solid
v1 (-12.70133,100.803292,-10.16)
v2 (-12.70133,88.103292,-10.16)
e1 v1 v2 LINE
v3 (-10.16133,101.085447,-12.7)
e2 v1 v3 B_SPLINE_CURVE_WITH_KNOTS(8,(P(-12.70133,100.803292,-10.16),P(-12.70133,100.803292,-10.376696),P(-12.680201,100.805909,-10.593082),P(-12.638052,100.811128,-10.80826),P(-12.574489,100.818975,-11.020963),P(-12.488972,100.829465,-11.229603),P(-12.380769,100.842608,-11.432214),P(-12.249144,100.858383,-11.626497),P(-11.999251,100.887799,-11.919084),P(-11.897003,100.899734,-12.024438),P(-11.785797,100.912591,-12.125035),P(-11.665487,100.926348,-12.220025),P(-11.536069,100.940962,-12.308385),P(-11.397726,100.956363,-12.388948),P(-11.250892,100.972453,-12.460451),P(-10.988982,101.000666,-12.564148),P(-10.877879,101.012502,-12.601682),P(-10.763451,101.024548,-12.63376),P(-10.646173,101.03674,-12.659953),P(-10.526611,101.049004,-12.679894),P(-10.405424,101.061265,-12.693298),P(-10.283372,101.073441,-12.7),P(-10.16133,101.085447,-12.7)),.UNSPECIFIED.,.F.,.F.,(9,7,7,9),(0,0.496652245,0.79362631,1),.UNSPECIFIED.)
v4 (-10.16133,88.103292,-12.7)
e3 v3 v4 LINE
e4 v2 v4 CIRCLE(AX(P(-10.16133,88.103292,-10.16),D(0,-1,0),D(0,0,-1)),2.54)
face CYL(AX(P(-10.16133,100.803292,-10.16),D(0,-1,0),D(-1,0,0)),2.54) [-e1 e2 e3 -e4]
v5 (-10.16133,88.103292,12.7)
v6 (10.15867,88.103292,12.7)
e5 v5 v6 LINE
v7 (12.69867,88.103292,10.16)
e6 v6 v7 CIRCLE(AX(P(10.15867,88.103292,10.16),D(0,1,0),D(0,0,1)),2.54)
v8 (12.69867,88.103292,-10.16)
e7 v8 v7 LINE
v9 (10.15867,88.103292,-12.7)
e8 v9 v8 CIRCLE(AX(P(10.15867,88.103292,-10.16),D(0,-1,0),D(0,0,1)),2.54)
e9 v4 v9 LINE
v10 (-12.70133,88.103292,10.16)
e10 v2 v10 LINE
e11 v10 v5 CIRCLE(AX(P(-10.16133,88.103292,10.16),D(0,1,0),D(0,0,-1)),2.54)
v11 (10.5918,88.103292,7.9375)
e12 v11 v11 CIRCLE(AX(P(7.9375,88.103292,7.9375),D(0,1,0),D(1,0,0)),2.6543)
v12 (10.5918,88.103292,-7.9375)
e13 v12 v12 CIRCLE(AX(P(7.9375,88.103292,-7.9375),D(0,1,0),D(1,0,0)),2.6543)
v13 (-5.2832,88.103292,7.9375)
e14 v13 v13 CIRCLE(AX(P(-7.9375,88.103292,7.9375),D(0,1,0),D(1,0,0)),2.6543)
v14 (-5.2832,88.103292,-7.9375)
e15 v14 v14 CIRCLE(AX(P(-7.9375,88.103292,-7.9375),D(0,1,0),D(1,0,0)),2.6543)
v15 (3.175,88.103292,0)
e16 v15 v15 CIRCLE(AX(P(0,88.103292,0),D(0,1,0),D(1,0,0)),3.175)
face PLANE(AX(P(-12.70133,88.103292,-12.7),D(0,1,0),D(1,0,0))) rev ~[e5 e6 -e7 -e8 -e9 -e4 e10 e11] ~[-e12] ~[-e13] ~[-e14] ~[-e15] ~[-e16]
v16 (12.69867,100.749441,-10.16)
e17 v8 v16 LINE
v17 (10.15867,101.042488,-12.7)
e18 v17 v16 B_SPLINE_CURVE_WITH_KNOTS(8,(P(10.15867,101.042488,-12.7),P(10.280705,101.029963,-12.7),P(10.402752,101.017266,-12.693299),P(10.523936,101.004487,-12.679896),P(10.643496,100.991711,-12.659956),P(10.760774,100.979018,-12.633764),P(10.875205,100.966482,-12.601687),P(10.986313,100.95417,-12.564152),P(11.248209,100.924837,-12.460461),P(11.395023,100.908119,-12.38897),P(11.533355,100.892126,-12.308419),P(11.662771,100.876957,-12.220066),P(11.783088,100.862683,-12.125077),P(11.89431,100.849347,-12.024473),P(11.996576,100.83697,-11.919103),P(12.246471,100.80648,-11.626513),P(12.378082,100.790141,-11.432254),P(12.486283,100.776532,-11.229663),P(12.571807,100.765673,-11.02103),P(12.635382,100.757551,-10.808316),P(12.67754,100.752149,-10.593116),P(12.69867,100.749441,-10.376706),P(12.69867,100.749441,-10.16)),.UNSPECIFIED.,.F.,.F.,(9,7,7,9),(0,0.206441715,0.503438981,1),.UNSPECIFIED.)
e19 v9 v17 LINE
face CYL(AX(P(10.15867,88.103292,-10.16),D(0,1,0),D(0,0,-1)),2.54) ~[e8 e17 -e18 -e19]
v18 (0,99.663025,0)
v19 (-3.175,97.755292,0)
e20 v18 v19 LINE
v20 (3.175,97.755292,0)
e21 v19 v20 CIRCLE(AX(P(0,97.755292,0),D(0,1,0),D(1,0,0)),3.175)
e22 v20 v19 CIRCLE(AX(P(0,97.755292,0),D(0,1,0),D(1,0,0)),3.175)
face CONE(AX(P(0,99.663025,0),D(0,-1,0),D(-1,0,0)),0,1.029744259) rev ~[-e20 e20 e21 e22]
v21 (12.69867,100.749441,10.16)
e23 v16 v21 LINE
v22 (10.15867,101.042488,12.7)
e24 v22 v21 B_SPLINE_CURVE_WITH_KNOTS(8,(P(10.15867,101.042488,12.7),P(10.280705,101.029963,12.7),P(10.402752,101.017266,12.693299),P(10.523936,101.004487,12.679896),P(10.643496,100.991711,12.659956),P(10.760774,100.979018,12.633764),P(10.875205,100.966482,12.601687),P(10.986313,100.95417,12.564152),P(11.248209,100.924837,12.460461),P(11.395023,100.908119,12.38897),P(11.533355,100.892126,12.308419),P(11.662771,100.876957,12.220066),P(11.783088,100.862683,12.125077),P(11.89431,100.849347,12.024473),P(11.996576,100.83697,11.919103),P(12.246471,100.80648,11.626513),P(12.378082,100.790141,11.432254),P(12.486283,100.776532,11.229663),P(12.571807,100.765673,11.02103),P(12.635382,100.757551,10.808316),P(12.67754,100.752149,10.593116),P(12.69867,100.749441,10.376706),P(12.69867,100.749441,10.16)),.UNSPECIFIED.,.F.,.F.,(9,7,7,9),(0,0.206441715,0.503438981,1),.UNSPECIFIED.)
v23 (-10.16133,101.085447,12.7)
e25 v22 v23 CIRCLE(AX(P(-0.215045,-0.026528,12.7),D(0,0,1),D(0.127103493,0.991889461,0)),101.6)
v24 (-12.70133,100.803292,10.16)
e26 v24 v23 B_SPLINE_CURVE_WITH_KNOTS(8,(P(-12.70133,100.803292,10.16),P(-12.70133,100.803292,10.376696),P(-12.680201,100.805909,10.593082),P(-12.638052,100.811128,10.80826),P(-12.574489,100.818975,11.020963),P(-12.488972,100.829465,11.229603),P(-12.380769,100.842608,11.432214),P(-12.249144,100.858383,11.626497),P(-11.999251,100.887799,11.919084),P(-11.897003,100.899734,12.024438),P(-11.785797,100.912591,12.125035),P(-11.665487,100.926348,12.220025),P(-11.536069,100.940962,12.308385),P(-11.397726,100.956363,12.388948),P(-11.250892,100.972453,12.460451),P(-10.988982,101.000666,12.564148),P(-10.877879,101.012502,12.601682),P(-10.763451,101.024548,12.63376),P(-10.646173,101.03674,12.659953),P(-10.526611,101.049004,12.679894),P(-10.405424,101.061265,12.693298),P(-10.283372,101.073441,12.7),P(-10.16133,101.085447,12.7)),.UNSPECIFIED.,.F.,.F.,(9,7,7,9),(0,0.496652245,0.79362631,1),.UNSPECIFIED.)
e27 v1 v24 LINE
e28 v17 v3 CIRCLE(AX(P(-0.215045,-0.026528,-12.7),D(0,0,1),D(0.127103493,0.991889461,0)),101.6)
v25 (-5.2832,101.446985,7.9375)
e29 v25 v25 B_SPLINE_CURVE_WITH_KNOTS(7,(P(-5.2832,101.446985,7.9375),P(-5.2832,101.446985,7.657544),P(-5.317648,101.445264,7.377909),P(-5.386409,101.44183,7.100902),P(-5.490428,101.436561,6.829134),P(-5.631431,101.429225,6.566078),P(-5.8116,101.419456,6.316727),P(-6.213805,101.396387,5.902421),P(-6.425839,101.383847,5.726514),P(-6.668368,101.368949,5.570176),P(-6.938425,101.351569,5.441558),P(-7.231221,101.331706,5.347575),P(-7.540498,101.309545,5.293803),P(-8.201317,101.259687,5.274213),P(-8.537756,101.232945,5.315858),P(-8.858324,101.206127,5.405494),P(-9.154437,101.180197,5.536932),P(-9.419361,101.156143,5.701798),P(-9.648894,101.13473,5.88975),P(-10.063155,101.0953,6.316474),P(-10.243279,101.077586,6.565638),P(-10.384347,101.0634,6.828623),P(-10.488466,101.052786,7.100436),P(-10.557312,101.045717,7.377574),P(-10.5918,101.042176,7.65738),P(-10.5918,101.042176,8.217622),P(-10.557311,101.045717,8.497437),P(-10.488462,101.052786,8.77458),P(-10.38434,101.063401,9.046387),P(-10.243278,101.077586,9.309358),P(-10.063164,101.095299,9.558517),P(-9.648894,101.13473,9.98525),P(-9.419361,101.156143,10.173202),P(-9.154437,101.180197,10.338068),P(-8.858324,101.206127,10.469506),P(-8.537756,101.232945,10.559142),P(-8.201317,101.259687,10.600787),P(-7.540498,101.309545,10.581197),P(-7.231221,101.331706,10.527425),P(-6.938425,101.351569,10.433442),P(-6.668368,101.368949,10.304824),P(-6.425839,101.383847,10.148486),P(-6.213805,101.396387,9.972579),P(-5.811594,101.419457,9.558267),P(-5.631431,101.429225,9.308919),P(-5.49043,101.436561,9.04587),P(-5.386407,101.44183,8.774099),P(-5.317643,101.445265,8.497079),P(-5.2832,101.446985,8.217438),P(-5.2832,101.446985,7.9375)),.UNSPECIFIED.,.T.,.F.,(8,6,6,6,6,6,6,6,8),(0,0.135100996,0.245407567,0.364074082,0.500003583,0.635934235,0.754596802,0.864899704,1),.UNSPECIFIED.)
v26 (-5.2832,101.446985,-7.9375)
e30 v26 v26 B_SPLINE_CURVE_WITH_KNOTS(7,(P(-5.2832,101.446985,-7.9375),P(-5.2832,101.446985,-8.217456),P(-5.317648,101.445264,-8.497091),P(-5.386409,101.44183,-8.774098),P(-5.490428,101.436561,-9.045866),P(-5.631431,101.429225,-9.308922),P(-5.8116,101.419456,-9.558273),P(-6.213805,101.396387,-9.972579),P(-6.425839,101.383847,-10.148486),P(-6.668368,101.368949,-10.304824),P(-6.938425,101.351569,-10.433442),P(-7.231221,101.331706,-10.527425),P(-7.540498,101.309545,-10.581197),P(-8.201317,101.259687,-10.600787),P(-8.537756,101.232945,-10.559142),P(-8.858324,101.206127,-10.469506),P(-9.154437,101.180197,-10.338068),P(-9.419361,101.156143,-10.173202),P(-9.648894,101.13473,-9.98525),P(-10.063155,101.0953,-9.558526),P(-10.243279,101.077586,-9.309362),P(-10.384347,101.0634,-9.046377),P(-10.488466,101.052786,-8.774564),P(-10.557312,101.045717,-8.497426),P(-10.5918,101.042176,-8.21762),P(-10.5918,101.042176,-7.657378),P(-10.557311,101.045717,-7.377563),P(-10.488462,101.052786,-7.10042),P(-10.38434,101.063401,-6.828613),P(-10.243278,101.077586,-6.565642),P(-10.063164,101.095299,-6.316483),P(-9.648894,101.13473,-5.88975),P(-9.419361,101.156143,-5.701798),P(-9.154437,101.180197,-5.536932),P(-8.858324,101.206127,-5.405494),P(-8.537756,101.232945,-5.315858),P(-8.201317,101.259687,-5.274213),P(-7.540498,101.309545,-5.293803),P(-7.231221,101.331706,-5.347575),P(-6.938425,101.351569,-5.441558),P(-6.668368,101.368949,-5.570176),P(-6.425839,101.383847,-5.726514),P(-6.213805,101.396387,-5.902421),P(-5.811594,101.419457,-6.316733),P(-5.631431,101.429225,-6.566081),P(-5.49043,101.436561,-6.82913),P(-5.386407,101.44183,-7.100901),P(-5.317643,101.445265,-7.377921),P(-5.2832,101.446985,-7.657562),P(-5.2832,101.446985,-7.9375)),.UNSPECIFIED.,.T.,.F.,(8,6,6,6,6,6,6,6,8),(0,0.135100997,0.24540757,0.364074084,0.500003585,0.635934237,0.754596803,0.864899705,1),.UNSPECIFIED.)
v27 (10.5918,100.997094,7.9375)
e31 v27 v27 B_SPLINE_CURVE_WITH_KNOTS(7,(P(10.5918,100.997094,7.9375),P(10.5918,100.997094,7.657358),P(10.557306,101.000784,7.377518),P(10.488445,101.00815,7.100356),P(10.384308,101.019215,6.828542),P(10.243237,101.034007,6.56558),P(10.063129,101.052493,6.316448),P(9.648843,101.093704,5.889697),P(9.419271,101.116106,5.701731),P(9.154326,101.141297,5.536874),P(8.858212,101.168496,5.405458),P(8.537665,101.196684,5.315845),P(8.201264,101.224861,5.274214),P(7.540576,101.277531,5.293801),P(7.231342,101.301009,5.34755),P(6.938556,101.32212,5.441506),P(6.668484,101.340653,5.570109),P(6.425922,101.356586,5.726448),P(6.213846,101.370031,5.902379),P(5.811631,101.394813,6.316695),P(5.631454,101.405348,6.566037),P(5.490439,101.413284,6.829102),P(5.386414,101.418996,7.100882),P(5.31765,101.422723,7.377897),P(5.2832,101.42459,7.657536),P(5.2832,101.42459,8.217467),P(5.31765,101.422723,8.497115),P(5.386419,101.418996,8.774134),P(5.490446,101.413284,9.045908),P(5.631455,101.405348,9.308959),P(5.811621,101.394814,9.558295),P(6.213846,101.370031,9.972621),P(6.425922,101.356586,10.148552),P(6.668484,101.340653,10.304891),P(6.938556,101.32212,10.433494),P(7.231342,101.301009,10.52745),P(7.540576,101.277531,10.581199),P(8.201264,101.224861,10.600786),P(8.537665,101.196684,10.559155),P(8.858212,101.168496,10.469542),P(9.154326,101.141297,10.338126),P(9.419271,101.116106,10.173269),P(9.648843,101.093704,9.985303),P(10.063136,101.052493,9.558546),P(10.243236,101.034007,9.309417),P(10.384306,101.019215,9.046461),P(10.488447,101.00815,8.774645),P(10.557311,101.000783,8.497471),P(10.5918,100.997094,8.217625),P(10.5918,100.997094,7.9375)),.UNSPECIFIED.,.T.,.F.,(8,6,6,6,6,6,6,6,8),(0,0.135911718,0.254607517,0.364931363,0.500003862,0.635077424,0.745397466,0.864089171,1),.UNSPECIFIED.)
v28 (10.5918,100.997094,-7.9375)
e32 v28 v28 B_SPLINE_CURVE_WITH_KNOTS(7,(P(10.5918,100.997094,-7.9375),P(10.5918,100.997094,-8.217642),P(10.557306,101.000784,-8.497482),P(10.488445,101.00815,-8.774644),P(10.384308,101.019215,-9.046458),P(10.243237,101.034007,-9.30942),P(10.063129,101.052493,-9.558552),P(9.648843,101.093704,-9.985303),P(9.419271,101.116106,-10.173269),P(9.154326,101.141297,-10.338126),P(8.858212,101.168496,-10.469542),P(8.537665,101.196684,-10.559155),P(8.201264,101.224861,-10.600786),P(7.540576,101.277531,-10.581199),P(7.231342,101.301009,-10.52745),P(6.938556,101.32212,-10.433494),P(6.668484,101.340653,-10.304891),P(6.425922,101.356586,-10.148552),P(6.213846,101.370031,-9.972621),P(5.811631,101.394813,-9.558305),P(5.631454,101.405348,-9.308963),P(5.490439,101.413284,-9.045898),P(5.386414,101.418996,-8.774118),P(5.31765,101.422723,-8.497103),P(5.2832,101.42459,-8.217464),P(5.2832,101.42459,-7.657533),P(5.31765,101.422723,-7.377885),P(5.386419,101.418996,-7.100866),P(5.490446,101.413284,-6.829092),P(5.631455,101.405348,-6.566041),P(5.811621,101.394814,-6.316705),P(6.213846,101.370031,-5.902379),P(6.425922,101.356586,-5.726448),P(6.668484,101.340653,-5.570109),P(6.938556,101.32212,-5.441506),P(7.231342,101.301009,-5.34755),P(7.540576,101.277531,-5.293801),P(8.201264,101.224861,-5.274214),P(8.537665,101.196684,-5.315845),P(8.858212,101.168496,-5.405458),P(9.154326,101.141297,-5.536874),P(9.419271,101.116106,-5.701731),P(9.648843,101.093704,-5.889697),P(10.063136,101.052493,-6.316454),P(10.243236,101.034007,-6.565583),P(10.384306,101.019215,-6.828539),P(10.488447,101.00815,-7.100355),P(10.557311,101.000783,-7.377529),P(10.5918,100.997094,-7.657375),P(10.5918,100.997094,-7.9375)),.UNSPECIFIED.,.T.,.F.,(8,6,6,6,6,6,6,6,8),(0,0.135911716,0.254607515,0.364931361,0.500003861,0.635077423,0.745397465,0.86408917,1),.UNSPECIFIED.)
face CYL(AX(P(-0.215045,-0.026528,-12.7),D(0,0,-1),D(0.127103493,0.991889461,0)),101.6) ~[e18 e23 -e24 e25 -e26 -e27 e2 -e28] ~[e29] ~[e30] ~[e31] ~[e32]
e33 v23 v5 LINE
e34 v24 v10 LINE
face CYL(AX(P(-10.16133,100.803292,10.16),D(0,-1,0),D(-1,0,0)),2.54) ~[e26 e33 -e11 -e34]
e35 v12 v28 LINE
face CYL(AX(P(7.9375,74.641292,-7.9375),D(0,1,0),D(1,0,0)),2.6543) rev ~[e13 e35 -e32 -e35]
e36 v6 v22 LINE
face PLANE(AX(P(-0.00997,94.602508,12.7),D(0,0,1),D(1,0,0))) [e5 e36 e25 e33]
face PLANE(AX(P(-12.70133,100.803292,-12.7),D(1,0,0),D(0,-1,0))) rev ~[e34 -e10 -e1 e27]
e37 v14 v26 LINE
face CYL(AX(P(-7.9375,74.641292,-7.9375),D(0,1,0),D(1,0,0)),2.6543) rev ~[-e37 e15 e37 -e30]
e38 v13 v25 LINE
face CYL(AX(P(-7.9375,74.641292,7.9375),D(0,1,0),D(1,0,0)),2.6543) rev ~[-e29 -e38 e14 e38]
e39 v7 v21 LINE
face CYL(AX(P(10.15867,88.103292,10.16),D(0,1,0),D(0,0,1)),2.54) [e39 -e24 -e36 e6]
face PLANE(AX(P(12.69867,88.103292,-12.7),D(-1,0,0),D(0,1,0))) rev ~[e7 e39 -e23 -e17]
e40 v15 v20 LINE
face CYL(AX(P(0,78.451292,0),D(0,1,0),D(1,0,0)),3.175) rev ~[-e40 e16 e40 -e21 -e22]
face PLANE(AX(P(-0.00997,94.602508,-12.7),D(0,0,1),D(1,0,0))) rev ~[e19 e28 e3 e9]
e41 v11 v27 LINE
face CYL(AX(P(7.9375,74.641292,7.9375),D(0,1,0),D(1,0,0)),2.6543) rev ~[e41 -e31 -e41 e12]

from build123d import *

# Parameters (mm, degrees)
BOSS_EXTRUDE1_DEPTH             = 12.7
BOSS_EXTRUDE1_DEPTH_BACK        = 12.7
F_1_4_0_25_DIAMETER_SLOT1_D     = 6.35
F_1_4_0_25_DIAMETER_SLOT1_DEPTH = 9.652
F_1_4_0_25_DIAMETER_SLOT1_TIP   = 1.907732465
F_4_0_209_DIAMETER_SLOT1_D      = 5.3086
F_4_0_209_DIAMETER_SLOT1_DEPTH  = 13.462
F_4_0_209_DIAMETER_SLOT1_TIP    = 1.594864341
FILLET1_R                       = 2.54


with BuildPart() as part:
    # Sketch1 → Boss-Extrude1 (new, two sides: drawn at the far end of the back side and taken through both)
    with BuildSketch(Plane.XY.offset(-BOSS_EXTRUDE1_DEPTH_BACK)):
        with BuildLine():
            Line((-12.701329683, 100.803292467), (-12.701329683, 88.103292467))
            Line((-12.701329683, 88.103292467), (12.698670317, 88.103292467))
            Line((12.698670317, 88.103292467), (12.698670317, 100.749441262))
            ThreePointArc((12.698670317, 100.749441262), (0.000359797, 101.573243718), (-12.701329683, 100.803292467))
        make_face()
    extrude(amount=BOSS_EXTRUDE1_DEPTH + BOSS_EXTRUDE1_DEPTH_BACK)

    # 1/4 (0.25) Diameter Slot1
    with Locations(Plane(origin=(0, 88.103292467, 0), x_dir=(-1, 0, 0), z_dir=(0, -1, 0))):
        with Locations((0, 0)):
            Hole(F_1_4_0_25_DIAMETER_SLOT1_D / 2, depth=F_1_4_0_25_DIAMETER_SLOT1_DEPTH)
            with Locations((0, 0, -(F_1_4_0_25_DIAMETER_SLOT1_DEPTH + F_1_4_0_25_DIAMETER_SLOT1_TIP / 2))):  # 118° drill point
                Cone(0, F_1_4_0_25_DIAMETER_SLOT1_D / 2, F_1_4_0_25_DIAMETER_SLOT1_TIP, mode=Mode.SUBTRACT)

    # #4 (0.209) Diameter Slot1
    with Locations(Plane(origin=(0, 88.103292467, 0), x_dir=(-1, 0, 0), z_dir=(0, -1, 0))):
        with Locations((-7.9375, -7.9375), (-7.9375, 7.9375), (7.9375, 7.9375), (7.9375, -7.9375)):
            Hole(F_4_0_209_DIAMETER_SLOT1_D / 2, depth=F_4_0_209_DIAMETER_SLOT1_DEPTH)
            with Locations((0, 0, -(F_4_0_209_DIAMETER_SLOT1_DEPTH + F_4_0_209_DIAMETER_SLOT1_TIP / 2))):  # 118° drill point
                Cone(0, F_4_0_209_DIAMETER_SLOT1_D / 2, F_4_0_209_DIAMETER_SLOT1_TIP, mode=Mode.SUBTRACT)

    # Fillet1
    fillet1_edges = [part.edges().sort_by_distance(p)[0] for p in [
        (-12.701329683, 94.453292467, 12.7),
        (12.698670317, 94.426366864, -12.7),
        (12.698670317, 94.426366864, 12.7),
        (-12.701329683, 94.453292467, -12.7),
    ]]
    fillet(fillet1_edges, radius=FILLET1_R)


solid = part.part
